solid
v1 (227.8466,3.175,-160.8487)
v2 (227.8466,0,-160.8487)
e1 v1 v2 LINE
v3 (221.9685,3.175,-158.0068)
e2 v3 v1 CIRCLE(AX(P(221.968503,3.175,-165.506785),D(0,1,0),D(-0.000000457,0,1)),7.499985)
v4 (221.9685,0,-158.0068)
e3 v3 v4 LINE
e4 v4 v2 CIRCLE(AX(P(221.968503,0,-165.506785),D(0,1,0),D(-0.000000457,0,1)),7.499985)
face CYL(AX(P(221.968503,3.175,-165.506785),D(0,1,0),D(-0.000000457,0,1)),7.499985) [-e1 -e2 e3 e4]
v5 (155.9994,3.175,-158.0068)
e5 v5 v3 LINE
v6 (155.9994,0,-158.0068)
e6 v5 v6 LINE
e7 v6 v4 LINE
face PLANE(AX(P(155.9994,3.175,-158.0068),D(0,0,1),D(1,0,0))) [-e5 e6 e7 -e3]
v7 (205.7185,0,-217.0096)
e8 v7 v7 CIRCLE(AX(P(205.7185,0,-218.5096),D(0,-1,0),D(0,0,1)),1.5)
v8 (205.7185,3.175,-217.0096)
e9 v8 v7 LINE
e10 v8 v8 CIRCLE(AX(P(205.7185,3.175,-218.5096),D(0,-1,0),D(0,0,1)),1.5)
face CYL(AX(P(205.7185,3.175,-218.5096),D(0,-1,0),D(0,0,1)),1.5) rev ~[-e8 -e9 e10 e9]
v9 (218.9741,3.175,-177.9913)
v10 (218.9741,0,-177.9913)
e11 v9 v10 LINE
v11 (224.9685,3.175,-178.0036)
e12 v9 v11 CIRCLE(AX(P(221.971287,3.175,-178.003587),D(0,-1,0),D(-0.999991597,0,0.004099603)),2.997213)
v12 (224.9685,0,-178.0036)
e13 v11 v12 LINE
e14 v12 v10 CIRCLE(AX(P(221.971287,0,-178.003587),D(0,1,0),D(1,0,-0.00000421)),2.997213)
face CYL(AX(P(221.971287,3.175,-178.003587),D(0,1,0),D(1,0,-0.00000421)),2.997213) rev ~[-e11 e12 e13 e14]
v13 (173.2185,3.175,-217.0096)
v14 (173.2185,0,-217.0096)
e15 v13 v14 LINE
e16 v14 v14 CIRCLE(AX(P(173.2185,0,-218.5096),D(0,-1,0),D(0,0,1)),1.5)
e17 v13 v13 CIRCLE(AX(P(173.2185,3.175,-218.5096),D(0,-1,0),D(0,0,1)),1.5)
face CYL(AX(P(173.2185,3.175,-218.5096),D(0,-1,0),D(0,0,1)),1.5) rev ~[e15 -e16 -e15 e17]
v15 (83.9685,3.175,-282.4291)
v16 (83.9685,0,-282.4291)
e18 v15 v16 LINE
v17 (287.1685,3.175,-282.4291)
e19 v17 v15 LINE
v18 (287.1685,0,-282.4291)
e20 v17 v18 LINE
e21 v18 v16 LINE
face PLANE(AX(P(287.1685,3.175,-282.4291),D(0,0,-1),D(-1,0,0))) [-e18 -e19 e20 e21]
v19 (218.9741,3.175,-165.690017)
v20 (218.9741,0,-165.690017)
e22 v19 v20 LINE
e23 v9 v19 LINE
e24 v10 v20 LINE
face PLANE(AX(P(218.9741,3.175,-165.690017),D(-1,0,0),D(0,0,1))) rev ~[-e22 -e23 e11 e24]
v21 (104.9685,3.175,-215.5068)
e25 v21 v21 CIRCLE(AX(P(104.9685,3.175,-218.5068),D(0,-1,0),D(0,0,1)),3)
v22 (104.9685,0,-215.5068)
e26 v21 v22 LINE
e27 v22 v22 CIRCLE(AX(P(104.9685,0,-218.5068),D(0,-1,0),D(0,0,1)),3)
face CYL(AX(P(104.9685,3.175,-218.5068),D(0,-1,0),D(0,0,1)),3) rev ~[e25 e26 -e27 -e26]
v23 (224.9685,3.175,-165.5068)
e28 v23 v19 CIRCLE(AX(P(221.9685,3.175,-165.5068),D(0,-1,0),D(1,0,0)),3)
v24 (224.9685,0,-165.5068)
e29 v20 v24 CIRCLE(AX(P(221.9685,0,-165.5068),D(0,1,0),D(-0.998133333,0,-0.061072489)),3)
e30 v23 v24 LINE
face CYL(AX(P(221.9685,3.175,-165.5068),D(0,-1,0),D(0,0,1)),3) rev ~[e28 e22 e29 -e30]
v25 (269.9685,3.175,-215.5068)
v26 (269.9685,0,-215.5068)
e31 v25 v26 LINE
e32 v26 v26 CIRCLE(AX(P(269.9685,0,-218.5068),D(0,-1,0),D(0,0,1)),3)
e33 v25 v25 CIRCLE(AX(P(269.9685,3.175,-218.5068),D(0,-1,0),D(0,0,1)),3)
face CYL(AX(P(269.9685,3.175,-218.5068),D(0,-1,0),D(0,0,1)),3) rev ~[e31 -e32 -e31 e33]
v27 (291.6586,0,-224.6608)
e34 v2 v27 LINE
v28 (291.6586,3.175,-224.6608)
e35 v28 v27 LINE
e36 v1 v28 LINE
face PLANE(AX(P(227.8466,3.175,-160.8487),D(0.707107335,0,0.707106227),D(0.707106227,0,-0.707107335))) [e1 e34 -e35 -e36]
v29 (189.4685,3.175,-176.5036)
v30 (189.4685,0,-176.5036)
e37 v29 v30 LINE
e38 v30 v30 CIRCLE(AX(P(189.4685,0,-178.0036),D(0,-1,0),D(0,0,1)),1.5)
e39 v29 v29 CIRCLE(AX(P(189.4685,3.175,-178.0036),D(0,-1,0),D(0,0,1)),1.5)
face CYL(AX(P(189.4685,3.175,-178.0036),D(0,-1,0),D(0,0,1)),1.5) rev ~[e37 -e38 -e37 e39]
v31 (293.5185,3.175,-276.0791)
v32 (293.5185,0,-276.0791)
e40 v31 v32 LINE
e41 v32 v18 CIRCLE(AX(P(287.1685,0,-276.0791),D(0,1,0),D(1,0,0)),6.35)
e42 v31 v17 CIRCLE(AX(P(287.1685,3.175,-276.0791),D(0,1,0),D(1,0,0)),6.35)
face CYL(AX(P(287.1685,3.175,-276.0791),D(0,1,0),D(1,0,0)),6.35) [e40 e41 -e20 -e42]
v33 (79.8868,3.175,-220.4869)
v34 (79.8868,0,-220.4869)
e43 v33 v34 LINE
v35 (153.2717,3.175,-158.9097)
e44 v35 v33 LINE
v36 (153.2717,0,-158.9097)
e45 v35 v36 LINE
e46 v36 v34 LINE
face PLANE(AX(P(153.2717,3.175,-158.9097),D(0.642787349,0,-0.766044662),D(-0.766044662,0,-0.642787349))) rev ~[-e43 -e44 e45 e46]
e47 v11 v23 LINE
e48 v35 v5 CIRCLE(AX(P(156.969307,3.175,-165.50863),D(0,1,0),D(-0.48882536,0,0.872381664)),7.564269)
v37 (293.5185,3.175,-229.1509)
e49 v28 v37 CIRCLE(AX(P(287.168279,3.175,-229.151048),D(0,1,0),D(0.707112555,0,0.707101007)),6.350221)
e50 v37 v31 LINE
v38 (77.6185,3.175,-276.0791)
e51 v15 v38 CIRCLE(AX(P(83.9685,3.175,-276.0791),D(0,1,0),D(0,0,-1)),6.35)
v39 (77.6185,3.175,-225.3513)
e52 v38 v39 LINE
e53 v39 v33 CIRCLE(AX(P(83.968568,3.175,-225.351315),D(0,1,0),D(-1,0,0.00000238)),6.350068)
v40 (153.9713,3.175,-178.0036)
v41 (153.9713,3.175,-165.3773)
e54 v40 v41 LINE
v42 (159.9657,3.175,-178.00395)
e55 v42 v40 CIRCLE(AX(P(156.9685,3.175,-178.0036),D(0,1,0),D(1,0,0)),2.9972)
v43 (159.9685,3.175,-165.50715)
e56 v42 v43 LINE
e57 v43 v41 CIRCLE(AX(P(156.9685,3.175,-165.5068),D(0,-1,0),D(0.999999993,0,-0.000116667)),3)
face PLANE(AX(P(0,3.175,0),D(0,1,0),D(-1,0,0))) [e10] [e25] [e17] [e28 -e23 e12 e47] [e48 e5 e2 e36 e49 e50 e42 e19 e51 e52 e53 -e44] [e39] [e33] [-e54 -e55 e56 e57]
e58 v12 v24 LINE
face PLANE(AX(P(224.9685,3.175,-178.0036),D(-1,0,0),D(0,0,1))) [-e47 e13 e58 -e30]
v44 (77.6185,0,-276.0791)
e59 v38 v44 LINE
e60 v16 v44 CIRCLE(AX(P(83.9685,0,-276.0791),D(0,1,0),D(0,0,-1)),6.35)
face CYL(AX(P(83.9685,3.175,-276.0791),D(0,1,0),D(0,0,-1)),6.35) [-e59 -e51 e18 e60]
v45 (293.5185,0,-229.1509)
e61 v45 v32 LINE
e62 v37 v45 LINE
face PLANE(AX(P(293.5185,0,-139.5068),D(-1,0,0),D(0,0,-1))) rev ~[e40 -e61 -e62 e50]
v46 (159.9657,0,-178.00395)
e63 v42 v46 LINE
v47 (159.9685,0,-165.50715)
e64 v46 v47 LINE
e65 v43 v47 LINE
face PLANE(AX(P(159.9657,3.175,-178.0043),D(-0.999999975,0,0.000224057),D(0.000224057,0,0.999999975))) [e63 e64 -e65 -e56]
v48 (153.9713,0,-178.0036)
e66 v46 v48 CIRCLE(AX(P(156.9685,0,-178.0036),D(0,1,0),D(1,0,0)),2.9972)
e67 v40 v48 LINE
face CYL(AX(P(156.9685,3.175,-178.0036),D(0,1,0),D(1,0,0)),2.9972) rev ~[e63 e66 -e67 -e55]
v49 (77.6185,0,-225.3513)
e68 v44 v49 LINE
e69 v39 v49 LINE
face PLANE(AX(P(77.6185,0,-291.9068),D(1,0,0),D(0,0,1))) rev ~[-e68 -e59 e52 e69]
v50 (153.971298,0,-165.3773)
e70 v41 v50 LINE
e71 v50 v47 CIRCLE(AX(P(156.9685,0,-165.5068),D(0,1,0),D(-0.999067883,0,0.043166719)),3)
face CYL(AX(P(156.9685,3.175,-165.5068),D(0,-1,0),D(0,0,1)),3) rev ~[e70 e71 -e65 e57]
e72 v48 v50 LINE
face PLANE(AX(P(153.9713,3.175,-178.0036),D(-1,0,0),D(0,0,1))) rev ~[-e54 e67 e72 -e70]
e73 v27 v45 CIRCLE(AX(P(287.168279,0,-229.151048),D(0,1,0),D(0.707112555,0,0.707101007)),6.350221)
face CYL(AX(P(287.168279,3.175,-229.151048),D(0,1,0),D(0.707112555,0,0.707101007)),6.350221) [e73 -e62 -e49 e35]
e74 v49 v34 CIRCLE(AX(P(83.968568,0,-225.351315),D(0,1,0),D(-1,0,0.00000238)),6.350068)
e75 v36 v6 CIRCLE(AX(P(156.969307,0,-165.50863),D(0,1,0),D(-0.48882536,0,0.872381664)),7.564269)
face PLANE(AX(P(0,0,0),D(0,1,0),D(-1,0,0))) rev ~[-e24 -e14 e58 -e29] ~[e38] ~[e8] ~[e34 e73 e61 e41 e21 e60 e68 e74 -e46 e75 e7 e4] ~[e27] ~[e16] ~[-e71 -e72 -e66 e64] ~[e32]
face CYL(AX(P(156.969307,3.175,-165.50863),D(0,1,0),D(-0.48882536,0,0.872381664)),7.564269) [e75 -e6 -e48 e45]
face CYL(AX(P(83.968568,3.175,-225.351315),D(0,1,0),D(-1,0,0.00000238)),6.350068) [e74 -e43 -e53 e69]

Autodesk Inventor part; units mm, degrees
ref_plane "YZ Plane" through (0, 0, 0) normal (1, 0, 0) x (0, 1, 0)
ref_plane "XZ Plane" through (0, 0, 0) normal (0, 1, 0) x (-1, 0, 0)
ref_plane "XY Plane" through (0, 0, 0) normal (0, 0, 1) x (1, 0, 0)
sketch "Sketch1" plane through (0, 0, 0) normal (0, 1, 0) x (-1, 0, 0)
  line L0 (-77.6185, -139.5068) -> (-293.5185, -139.5068)
  line L1 (-293.5185, -139.5068) -> (-293.5185, -291.9068)
  line L2 (-293.5185, -291.9068) -> (-77.6185, -291.9068)
  line L3 (-77.6185, -291.9068) -> (-77.6185, -139.5068)
  point P0 (0, 0)
  dimension "d0" = 215.9
  dimension "d1" = 152.4
extrude "Extrusion1" add sketch "Sketch1" along normal blind 3.175
sketch "Sketch2" plane through (0, 3.175, 0) normal (0, 1, 0) x (1, 0, 0)
  line L0 (77.6185, 291.9068) -> (77.6185, 139.5068) projected
  line L1 (77.6185, 139.5068) -> (293.5185, 139.5068) projected
  line L2 (293.5185, 139.5068) -> (293.5185, 291.9068) projected
  line L3 (293.5185, 291.9068) -> (77.6185, 291.9068) projected
  point P0 (0, 0)
  point P1 (156.9685, 165.5068)
  point P2 (104.9685, 218.5068)
  point P3 (269.9685, 218.5068)
  point P4 (221.9685, 165.5068)
  dimension "d4" = 144.35
  dimension "d5" = 26
  dimension "d7" = 79
  dimension "d19" = 27.35
  dimension "d20" = 79
  dimension "d21" = 26
  dimension "d22" = 79.35
  dimension "d23" = 192.35
hole "Hole1" at (156.9685, 3.175, -165.5068) at (104.9685, 3.175, -218.5068) at (269.9685, 3.175, -218.5068) at (221.9685, 3.175, -165.5068) direction (0, -1, 0) diameter 6 end through all
sketch "Sketch3" plane through (0, 3.175, 0) normal (0, 1, 0) x (1, 0, 0)
  line L0 (155.9994, 158.0068) -> (221.9685, 158.0068)
  circle A0 centre (221.9685, 165.5068) radius 3 projected
  circle A1 centre (104.3905, 218.5068) radius 3
  circle A2 centre (156.9685, 165.5068) radius 3 projected
  line L1 (153.2717, 158.9097) -> (79.8868, 220.4869)
  line L2 (77.6185, 139.5068) -> (293.5185, 139.5068)
  line L3 (293.5185, 229.1509) -> (293.5185, 276.0791)
  line L4 (293.5185, 291.9068) -> (77.6185, 291.9068)
  line L5 (77.6185, 291.9068) -> (77.6185, 139.5068)
  arc A3 (153.2717, 158.9097) -> (155.9994, 158.0068) centre (156.9685, 165.5068) ccw
  line L6 (96.6333, 206.4349) -> (77.6185, 222.3902)
  line L7 (48.2791, 233.5068) -> (391.5458, 233.5068) construction
  arc A4 (221.9685, 158.0068) -> (227.8466, 160.8487) centre (221.9685, 165.5068) ccw
  line L8 (227.8466, 160.8487) -> (291.6586, 224.6608)
  line L9 (293.5185, 226.5206) -> (293.5185, 282.4291)
  line L10 (293.5185, 139.5068) -> (293.5185, 291.9068) projected
  line L11 (287.1685, 282.4291) -> (83.9685, 282.4291)
  line L12 (77.6185, 276.0791) -> (77.6185, 225.3513)
  line L13 (77.6185, 291.9068) -> (77.6185, 139.5068) projected
  arc A5 (293.5185, 276.0791) -> (287.1685, 282.4291) centre (287.1685, 276.0791) ccw
  arc A6 (83.9685, 282.4291) -> (77.6185, 276.0791) centre (83.9685, 276.0791) ccw
  arc A7 (77.6185, 225.3513) -> (79.8868, 220.4869) centre (83.9685, 225.3513) ccw
  arc A8 (291.6586, 224.6608) -> (293.5185, 229.1509) centre (287.1685, 229.1509) ccw
  point P0 (0, 0)
  point P1 (77.6185, 282.4291)
  point P2 (77.6185, 160.8487)
  dimension "d24" = 7.5
  dimension "d40" = 98.7582
  dimension "d72" = 6
  dimension "d93" = 7.5
  dimension "d96" = 52.578
  dimension "d99" = 135
  dimension "d100" = 6.35
  dimension "d101" = 6.35
  dimension "d102" = 6.35
  dimension "d103" = 6.35
  dimension "d104" = 140
extrude "Extrusion3" cut sketch "Sketch3" against normal blind 25.4 contours L0 A4 L8 A8 L9 L10 L2 L5 L6 L1 A3 | L6 L5 A7 | A5 L11 A6 L5 L4 L10 L9
sketch "Sketch7" plane through (0, 3.175, 0) normal (0, 1, 0) x (1, 0, 0)
  circle A0 centre (156.9685, 165.5068) radius 3 projected
  line L0 (155.9994, 158.0068) -> (221.9685, 158.0068) projected
  circle A1 centre (156.9685, 178.0036) radius 2.9972
  line L1 (153.9713, 178.0036) -> (153.9713, 165.3773)
  line L2 (159.9657, 178.0043) -> (159.9685, 165.5075)
  circle A2 centre (221.9713, 178.0036) radius 2.9972
  circle A3 centre (221.9685, 165.5068) radius 3 projected
  line L3 (218.9741, 178.016) -> (218.9741, 165.3232)
  line L4 (224.9685, 178.0036) -> (224.9685, 165.5068)
  point P0 (0, 0)
  point P1 (218.9685, 165.5082)
  dimension "d76" = 5.9944
  dimension "d77" = 12.4968
  dimension "d78" = 5.9944
  dimension "d79" = 12.4968
  dimension "d88" = 6
extrude "Extrusion4" cut sketch "Sketch7" against normal blind 25.4 contours A0 L1 A1 L2 | A1
sketch "Sketch8" plane through (0, 3.175, 0) normal (0, 1, 0) x (1, 0, 0)
  arc A0 (224.9685, 178.0036) -> (218.9741, 177.9913) centre (221.9713, 178.0036) ccw
  circle A1 centre (221.9685, 165.5068) radius 3
  line L0 (218.9741, 178.016) -> (218.9741, 165.3232)
  line L1 (224.9685, 178.0036) -> (224.9685, 165.5068)
  point P0 (0, 0)
  point P1 (218.9685, 165.5082)
  dimension "d82" = 5.9944
  dimension "d83" = 12.4968
extrude "Extrusion5" cut sketch "Sketch8" against normal blind 25.4 contours L1 A1 L0 A0 | A1 L0 picked at (221.9464, 164.5591)
sketch "Sketch9" plane through (0, 3.175, 0) normal (0, 1, 0) x (1, 0, 0)
  point P0 (0, 0)
sketch "Sketch5" plane through (0, 3.175, 0) normal (0, 1, 0) x (1, 0, 0)
  circle A0 centre (104.9685, 218.5068) radius 3 projected
  circle A1 centre (104.9685, 218.5068) radius 22.225
  circle A2 centre (156.9685, 165.5068) radius 3 projected
  circle A3 centre (156.9685, 165.5068) radius 22.225
  circle A4 centre (221.9685, 165.5068) radius 3 projected
  circle A5 centre (221.9685, 165.5068) radius 22.225
  circle A6 centre (269.9685, 218.5068) radius 3 projected
  circle A7 centre (269.9685, 218.5068) radius 22.225
  line L0 (155.9994, 158.0068) -> (221.9685, 158.0068) projected
  line L1 (274.8943, 278.8204) -> (98.1742, 278.8204) projected
  arc A8 (224.9685, 178.0036) -> (218.9741, 178.016) centre (221.9713, 178.0036) ccw projected
  point P0 (0, 0)
  point P1 (205.7185, 218.5096)
  point P2 (189.4685, 178.0036)
  point P3 (173.2185, 218.5096)
  dimension "d45" = 44.45
  dimension "d47" = 44.45
  dimension "d48" = 44.45
  dimension "d49" = 44.45
  dimension "d50" = 60.5028
  dimension "d52" = 65
  dimension "d53" = 16.25
  dimension "d54" = 16.25
  dimension "d55" = 60.5028
  dimension "d58" = 52
  dimension "d62" = 32.5
  dimension "d95" = 60.3136
  dimension "d125" = 0
hole "Hole2" at (205.7185, 3.175, -218.5096) at (189.4685, 3.175, -178.0036) at (173.2185, 3.175, -218.5096) direction (0, -1, 0) diameter 3 end through all
sketch "Sketch11" plane through (0, 3.175, 0) normal (0, 1, 0) x (1, 0, 0)
  circle A0 centre (18.0131, 10.4316) radius 1.3525
  circle A1 centre (18.0131, 10.4316) radius 1.3525
  circle A2 centre (18.0131, 24.2612) radius 1.3525
  circle A3 centre (18.0131, 24.2612) radius 1.3525
  circle A4 centre (31.8426, 24.2612) radius 1.3525
  circle A5 centre (31.8426, 24.2612) radius 1.3525
  circle A6 centre (31.8426, 10.4316) radius 1.3525
  circle A7 centre (31.8426, 10.4316) radius 1.3525
  circle A8 centre (104.9685, 218.5068) radius 3 projected
  point P0 (0, 0)
  point P1 (24.9279, 17.3464)
  point P2 (24.9279, 17.3464)
  dimension "d126" = 13.8296
  dimension "d127" = 13.8296
  dimension "d128" = 6.9148
  dimension "d129" = 6.9148
equation "\"d78\" = d76"
equation "\"d79\" = d77"
equation "\"d82\" = d84"
equation "\"d83\" = d85"
equation "\"d47\" = d45"
equation "\"d48\" = d45"
equation "\"d49\" = d48"
equation "\"d53\" = 0.25 * d52"
equation "\"d54\" = d53"
equation "\"d55\" = d50"
equation "\"d62\" = 0.5 * d52"
equation "\"d84\" = 5.9944"
equation "\"d85\" = 12.4968"
properties part number "track side panel V1"
